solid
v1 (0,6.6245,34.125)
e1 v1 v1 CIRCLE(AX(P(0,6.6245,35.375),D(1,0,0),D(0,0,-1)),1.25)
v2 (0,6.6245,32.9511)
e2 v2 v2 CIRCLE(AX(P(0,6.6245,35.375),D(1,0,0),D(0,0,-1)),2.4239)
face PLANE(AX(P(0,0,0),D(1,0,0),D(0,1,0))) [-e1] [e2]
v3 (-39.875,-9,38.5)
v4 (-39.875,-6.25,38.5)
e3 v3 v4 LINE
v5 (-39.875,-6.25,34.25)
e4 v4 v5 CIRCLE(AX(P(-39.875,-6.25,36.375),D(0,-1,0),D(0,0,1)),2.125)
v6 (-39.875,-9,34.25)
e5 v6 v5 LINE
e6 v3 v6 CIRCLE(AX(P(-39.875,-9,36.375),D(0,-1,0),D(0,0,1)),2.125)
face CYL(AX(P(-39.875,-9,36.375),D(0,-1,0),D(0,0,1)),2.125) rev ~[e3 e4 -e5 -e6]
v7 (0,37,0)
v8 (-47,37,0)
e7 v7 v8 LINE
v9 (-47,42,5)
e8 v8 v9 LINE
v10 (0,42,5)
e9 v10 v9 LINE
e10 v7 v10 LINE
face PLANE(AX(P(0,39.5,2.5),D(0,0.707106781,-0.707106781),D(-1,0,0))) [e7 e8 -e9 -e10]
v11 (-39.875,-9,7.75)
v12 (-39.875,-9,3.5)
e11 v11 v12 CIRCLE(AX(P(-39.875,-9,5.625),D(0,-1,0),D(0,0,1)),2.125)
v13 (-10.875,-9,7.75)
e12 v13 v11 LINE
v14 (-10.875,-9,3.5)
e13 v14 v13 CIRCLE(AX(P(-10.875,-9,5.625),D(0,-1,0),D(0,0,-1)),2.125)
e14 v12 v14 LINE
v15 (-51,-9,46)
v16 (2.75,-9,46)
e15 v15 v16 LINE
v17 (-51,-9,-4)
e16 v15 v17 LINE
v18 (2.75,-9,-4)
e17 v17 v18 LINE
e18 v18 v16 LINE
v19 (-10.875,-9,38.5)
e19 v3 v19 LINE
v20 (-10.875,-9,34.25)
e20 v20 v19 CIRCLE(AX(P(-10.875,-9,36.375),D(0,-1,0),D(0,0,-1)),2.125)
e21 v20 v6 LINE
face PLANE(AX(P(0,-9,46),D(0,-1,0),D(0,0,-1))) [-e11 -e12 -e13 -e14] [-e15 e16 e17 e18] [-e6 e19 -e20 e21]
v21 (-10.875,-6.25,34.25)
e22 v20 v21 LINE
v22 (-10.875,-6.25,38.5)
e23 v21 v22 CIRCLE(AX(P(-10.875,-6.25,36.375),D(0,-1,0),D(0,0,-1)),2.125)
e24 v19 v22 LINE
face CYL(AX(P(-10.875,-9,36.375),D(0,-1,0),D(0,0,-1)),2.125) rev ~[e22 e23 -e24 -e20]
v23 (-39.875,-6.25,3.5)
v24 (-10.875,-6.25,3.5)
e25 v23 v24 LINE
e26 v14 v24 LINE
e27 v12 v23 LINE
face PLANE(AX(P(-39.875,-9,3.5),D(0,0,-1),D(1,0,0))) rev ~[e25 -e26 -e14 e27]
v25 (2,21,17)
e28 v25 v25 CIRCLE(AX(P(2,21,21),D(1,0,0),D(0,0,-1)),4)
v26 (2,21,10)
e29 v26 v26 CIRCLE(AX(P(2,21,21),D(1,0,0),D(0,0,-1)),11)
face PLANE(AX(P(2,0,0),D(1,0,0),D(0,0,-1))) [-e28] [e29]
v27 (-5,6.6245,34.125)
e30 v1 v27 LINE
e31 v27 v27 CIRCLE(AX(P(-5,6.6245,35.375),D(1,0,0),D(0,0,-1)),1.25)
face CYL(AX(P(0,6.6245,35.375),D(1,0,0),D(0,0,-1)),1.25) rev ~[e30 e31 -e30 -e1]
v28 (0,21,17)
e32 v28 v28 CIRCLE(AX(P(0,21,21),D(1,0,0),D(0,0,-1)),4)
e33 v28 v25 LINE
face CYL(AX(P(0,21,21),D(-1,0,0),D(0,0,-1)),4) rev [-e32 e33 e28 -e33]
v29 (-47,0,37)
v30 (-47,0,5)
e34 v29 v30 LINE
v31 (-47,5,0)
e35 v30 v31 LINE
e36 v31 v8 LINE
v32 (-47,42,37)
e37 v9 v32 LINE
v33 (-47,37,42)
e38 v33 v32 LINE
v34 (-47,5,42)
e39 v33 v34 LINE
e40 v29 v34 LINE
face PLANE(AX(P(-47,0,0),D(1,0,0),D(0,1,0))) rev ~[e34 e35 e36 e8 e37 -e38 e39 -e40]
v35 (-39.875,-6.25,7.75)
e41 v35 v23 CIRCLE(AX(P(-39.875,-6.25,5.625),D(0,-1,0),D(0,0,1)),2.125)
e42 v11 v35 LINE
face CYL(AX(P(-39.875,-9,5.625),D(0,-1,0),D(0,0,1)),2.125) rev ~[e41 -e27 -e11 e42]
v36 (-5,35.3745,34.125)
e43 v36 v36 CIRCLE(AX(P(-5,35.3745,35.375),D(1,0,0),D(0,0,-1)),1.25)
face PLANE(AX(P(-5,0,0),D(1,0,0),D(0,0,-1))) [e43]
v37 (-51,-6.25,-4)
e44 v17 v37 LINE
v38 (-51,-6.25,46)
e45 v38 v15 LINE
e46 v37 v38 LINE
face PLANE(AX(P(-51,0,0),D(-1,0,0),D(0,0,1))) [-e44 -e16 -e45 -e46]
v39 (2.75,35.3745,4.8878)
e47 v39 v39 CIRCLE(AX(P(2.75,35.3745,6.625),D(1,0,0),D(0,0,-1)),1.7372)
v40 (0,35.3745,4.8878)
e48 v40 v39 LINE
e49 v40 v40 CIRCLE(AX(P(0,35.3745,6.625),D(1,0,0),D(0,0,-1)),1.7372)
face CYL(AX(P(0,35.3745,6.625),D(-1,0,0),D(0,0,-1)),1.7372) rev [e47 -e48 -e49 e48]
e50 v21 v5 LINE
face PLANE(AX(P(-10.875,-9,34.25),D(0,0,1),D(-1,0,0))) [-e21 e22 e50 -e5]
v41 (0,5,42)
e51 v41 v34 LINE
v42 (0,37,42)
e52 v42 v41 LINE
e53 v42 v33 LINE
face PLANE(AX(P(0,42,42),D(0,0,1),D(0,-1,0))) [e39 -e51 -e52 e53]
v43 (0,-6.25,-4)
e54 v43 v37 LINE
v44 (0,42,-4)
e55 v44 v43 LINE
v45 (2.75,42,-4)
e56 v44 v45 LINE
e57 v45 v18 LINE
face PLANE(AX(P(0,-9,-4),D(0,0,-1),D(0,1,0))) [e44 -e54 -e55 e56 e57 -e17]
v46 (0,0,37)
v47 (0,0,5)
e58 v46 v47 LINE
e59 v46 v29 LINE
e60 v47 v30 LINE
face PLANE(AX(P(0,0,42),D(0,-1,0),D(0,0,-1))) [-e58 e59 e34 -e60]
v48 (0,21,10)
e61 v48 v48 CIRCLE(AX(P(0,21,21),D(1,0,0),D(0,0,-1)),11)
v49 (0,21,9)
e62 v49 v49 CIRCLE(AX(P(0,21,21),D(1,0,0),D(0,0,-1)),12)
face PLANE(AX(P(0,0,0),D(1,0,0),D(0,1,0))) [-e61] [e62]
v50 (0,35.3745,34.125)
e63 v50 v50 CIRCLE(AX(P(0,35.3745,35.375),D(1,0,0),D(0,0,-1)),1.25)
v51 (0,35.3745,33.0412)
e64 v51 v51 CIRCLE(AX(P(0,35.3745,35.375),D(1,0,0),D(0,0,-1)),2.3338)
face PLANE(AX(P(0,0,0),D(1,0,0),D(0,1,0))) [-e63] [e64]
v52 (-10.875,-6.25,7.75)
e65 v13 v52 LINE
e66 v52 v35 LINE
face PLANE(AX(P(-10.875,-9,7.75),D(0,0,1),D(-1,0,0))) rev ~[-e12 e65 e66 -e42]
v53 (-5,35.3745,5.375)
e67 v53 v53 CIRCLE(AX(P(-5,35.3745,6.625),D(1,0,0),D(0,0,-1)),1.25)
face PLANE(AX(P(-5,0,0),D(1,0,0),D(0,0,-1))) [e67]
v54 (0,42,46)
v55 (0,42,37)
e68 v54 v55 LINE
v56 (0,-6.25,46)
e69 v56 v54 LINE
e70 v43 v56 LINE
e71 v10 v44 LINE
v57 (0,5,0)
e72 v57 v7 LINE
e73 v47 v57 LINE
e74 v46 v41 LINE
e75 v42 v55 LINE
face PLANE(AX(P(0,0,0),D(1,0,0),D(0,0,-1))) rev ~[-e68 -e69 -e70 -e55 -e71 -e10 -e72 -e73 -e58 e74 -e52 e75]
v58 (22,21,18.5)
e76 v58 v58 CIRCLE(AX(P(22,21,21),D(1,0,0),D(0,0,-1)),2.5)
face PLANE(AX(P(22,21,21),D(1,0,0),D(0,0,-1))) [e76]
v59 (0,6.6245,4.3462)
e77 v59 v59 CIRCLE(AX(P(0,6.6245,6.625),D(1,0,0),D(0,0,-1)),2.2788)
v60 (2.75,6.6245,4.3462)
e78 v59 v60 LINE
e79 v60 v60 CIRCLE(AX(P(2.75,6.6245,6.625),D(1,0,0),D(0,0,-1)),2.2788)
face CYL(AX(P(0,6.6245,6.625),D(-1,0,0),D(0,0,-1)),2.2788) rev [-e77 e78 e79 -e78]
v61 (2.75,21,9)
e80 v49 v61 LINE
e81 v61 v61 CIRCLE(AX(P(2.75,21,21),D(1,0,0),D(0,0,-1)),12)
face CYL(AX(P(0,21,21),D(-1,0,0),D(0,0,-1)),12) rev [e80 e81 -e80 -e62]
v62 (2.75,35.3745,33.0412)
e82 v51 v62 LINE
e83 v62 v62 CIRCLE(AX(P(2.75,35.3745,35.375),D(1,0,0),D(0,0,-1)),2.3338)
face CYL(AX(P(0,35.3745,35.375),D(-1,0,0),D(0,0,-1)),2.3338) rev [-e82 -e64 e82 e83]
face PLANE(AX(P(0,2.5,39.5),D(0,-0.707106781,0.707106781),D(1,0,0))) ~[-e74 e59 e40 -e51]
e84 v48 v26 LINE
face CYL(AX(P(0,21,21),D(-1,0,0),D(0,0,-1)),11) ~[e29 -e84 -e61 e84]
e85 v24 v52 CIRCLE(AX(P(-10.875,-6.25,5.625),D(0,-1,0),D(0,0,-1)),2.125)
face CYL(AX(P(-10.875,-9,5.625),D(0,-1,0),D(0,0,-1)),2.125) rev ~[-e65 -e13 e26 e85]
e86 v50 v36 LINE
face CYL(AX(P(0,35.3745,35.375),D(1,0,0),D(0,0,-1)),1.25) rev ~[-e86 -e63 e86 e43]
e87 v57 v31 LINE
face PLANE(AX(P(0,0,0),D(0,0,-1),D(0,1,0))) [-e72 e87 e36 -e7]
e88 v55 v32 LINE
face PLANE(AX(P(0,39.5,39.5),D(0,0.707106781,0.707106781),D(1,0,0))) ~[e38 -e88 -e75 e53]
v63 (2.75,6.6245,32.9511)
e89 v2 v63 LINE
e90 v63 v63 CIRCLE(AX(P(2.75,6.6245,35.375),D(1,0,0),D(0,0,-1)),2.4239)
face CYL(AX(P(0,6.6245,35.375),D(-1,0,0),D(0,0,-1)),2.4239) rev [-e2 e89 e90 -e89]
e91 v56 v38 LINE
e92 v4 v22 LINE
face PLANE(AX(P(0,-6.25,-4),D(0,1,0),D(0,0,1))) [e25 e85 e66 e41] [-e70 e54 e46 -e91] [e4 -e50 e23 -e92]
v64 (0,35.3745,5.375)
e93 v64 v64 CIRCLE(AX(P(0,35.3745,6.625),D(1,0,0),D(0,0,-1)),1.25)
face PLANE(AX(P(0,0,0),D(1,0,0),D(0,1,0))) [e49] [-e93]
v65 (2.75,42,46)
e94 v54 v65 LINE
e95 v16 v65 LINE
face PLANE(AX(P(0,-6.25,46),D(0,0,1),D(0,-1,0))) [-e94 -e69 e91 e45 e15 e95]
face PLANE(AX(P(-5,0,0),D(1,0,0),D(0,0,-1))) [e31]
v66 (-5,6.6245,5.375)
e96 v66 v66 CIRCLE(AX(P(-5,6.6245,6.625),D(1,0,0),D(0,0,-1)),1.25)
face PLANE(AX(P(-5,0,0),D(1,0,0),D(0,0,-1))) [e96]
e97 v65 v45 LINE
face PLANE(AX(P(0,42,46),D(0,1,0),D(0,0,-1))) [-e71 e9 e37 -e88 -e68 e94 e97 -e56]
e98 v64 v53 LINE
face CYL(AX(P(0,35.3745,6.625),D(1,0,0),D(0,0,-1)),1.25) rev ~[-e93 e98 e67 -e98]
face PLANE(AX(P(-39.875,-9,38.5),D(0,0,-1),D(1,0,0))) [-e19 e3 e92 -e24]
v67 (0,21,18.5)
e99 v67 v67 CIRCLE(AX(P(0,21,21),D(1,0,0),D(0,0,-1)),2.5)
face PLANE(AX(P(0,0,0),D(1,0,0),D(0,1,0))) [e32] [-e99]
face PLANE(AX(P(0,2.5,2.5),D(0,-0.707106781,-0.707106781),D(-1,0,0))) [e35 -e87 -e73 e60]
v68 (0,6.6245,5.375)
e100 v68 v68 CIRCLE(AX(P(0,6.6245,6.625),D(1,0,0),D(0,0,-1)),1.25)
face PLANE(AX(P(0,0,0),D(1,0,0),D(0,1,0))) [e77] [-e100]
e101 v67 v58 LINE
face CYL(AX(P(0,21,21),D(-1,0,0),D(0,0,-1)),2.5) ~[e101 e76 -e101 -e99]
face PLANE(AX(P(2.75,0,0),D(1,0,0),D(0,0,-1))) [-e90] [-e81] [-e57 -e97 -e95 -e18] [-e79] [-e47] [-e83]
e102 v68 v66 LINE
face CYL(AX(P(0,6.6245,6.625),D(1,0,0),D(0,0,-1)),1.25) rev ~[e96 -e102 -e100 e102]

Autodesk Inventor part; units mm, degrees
ref_plane "YZ Plane" through (0, 0, 0) normal (1, 0, 0) x (0, 1, 0)
ref_plane "XZ Plane" through (0, 0, 0) normal (0, 1, 0) x (-1, 0, 0)
ref_plane "XY Plane" through (0, 0, 0) normal (0, 0, 1) x (1, 0, 0)
sketch "Sketch1" plane through (0, 0, 0) normal (1, 0, 0) x (0, 1, 0)
  line L0 (0, 0) -> (42, 0)
  line L1 (42, 0) -> (42, 42)
  line L2 (42, 42) -> (0, 42)
  line L3 (0, 42) -> (0, 0)
  dimension "d0" = 42
  dimension "d1" = 42
extrude "Extrusion1" add sketch "Sketch1" against normal blind 47
sketch "Sketch2" plane through (0, 0, 0) normal (1, 0, 0) x (0, 0, -1)
  line L0 (-42, 42) -> (0, 42) construction
  line L1 (-21, 42) -> (-21, 0) construction
  line L2 (0, 0) -> (-42, 0) construction
  circle A0 centre (-21, 21) radius 11
  circle A1 centre (-21, 21) radius 4
  dimension "d4" = 22
  dimension "d5" = 8
extrude "Extrusion2" add sketch "Sketch2" along normal blind 2
sketch "Sketch3" plane through (0, 21, 21) normal (1, 0, 0) x (0, 0, -1)
  circle A0 centre (0, 0) radius 4 projected
  circle A1 centre (0, 0) radius 2.5
  point P0 (21, -21)
  dimension "d8" = 5
extrude "Extrusion3" add sketch "Sketch3" along normal blind 22 contours A1
chamfer "Chamfer1" distance 5 angle 45 4 edges at (-23.5, 42, 42) (-23.5, 42, 0) (-23.5, 0, 42) (-23.5, 0, 0)
sketch "Sketch4" plane through (0, 0, 0) normal (1, 0, 0) x (0, 0, -1)
  line L0 (-35.375, 35.3745) -> (-6.625, 35.3745) construction
  line L1 (-6.625, 35.3745) -> (-6.625, 6.6245) construction
  line L2 (-6.625, 6.6245) -> (-35.375, 6.6245) construction
  line L3 (-35.375, 6.6245) -> (-35.375, 35.3745) construction
  line L4 (-42, 37) -> (-42, 5) construction
  line L5 (-5, 42) -> (-37, 42) construction
  circle A0 centre (-6.625, 35.3745) radius 1.25
  circle A1 centre (-35.375, 35.3745) radius 1.25
  circle A2 centre (-35.375, 6.6245) radius 1.25
  circle A3 centre (-6.625, 6.6245) radius 1.25
  point P0 (0, 0)
  dimension "d14" = 28.75
  dimension "d15" = 28.75
  dimension "d16" = 6.625
  dimension "d17" = 6.6255
  dimension "d18" = 2.5
  dimension "d19" = 2.5
  dimension "d20" = 2.5
  dimension "d21" = 2.5
extrude "Extrusion4" cut sketch "Sketch4" against normal blind 5
sketch "Sketch5" plane through (0, 0, 0) normal (1, 0, 0) x (0, 0, -1)
  line L0 (-46, 42) -> (4, 42)
  line L1 (4, 42) -> (4, -9)
  line L2 (4, -9) -> (-46, -9)
  line L3 (-46, -9) -> (-46, 42)
  line L4 (-5, 42) -> (-37, 42) construction
  line L5 (-42, 37) -> (-42, 5) construction
  circle A0 centre (-21, 21) radius 11 projected
  circle A1 centre (-35.375, 35.3745) radius 1.25 projected
  circle A2 centre (-6.625, 35.3745) radius 1.25 projected
  circle A3 centre (-6.625, 6.6245) radius 1.25 projected
  circle A4 centre (-35.375, 6.6245) radius 1.25 projected
  circle A5 centre (-35.375, 35.3745) radius 2.3338
  circle A6 centre (-6.625, 35.3745) radius 1.7372
  circle A7 centre (-35.375, 6.6245) radius 2.4239
  circle A8 centre (-6.625, 6.6245) radius 2.2788
  circle A9 centre (-21, 21) radius 12
  point P0 (0, 0)
  dimension "d24" = 50
  dimension "d25" = 51
  dimension "d26" = 4
  dimension "d27" = 0
  dimension "d28" = 1.0838
  dimension "d29" = 0.4872
  dimension "d30" = 1.1739
  dimension "d31" = 1.0288
  dimension "d32" = 1
extrude "Extrusion5" add sketch "Sketch5" along normal blind 2.75 contours L0 L1 L2 L3
sketch "Sketch6" plane through (0, 0, 0) normal (-1, 0, 0) x (0, 0, 1)
  line L0 (42, 37) -> (37, 42) projected
  line L1 (42, 37) -> (42, 5) projected
  line L2 (37, 0) -> (42, 5) projected
  line L3 (37, 0) -> (5, 0) projected
  line L4 (0, 5) -> (5, 0) projected
  line L5 (0, 5) -> (0, 37) projected
  line L6 (5, 42) -> (0, 37) projected
  line L7 (-4, 42) -> (5, 42) projected
  line L8 (-4, -9) -> (-4, 42) projected
  line L9 (46, -9) -> (-4, -9) projected
  line L10 (46, 42) -> (46, -9) projected
  line L11 (37, 42) -> (46, 42) projected
  line L12 (-4, -6.25) -> (46, -6.25)
  line L13 (46, 42) -> (46, -9) projected
  point P0 (0, 0)
  dimension "d35" = 2.75
extrude "Extrusion6" add sketch "Sketch6" along normal blind 51 contours L10 L9 L8 L12
sketch "Sketch7" plane through (2.75, -9, -4) normal (0, -1, 0) x (1, 0, 0)
  line L0 (-42.625, 9.625) -> (-13.625, 9.625) construction
  line L1 (-42.625, 7.5) -> (-13.625, 7.5)
  line L2 (-13.625, 11.75) -> (-42.625, 11.75)
  arc A0 (-42.625, 11.75) -> (-42.625, 7.5) centre (-42.625, 9.625) ccw
  arc A1 (-13.625, 7.5) -> (-13.625, 11.75) centre (-13.625, 9.625) ccw
  line L3 (-53.75, 0) -> (0, 0) projected
  line L4 (-53.75, 0) -> (-53.75, 50) projected
  line L5 (-53.75, 25) -> (0, 25) construction
  line L6 (0, 50) -> (0, 0) construction
  line L7 (-42.625, 42.5) -> (-13.625, 42.5)
  line L8 (-13.625, 38.25) -> (-42.625, 38.25)
  arc A2 (-42.625, 42.5) -> (-42.625, 38.25) centre (-42.625, 40.375) ccw
  arc A3 (-13.625, 38.25) -> (-13.625, 42.5) centre (-13.625, 40.375) ccw
  point P0 (-2.75, 4)
  point P1 (-28.125, 9.625)
  dimension "d38" = 29
  dimension "d39" = 4.25
  dimension "d40" = 7.5
  dimension "d41" = 11.125
extrude "Extrusion7" cut sketch "Sketch7" against normal up to next
properties part number "Nema 17 CNC Kit Stepper Motor"
